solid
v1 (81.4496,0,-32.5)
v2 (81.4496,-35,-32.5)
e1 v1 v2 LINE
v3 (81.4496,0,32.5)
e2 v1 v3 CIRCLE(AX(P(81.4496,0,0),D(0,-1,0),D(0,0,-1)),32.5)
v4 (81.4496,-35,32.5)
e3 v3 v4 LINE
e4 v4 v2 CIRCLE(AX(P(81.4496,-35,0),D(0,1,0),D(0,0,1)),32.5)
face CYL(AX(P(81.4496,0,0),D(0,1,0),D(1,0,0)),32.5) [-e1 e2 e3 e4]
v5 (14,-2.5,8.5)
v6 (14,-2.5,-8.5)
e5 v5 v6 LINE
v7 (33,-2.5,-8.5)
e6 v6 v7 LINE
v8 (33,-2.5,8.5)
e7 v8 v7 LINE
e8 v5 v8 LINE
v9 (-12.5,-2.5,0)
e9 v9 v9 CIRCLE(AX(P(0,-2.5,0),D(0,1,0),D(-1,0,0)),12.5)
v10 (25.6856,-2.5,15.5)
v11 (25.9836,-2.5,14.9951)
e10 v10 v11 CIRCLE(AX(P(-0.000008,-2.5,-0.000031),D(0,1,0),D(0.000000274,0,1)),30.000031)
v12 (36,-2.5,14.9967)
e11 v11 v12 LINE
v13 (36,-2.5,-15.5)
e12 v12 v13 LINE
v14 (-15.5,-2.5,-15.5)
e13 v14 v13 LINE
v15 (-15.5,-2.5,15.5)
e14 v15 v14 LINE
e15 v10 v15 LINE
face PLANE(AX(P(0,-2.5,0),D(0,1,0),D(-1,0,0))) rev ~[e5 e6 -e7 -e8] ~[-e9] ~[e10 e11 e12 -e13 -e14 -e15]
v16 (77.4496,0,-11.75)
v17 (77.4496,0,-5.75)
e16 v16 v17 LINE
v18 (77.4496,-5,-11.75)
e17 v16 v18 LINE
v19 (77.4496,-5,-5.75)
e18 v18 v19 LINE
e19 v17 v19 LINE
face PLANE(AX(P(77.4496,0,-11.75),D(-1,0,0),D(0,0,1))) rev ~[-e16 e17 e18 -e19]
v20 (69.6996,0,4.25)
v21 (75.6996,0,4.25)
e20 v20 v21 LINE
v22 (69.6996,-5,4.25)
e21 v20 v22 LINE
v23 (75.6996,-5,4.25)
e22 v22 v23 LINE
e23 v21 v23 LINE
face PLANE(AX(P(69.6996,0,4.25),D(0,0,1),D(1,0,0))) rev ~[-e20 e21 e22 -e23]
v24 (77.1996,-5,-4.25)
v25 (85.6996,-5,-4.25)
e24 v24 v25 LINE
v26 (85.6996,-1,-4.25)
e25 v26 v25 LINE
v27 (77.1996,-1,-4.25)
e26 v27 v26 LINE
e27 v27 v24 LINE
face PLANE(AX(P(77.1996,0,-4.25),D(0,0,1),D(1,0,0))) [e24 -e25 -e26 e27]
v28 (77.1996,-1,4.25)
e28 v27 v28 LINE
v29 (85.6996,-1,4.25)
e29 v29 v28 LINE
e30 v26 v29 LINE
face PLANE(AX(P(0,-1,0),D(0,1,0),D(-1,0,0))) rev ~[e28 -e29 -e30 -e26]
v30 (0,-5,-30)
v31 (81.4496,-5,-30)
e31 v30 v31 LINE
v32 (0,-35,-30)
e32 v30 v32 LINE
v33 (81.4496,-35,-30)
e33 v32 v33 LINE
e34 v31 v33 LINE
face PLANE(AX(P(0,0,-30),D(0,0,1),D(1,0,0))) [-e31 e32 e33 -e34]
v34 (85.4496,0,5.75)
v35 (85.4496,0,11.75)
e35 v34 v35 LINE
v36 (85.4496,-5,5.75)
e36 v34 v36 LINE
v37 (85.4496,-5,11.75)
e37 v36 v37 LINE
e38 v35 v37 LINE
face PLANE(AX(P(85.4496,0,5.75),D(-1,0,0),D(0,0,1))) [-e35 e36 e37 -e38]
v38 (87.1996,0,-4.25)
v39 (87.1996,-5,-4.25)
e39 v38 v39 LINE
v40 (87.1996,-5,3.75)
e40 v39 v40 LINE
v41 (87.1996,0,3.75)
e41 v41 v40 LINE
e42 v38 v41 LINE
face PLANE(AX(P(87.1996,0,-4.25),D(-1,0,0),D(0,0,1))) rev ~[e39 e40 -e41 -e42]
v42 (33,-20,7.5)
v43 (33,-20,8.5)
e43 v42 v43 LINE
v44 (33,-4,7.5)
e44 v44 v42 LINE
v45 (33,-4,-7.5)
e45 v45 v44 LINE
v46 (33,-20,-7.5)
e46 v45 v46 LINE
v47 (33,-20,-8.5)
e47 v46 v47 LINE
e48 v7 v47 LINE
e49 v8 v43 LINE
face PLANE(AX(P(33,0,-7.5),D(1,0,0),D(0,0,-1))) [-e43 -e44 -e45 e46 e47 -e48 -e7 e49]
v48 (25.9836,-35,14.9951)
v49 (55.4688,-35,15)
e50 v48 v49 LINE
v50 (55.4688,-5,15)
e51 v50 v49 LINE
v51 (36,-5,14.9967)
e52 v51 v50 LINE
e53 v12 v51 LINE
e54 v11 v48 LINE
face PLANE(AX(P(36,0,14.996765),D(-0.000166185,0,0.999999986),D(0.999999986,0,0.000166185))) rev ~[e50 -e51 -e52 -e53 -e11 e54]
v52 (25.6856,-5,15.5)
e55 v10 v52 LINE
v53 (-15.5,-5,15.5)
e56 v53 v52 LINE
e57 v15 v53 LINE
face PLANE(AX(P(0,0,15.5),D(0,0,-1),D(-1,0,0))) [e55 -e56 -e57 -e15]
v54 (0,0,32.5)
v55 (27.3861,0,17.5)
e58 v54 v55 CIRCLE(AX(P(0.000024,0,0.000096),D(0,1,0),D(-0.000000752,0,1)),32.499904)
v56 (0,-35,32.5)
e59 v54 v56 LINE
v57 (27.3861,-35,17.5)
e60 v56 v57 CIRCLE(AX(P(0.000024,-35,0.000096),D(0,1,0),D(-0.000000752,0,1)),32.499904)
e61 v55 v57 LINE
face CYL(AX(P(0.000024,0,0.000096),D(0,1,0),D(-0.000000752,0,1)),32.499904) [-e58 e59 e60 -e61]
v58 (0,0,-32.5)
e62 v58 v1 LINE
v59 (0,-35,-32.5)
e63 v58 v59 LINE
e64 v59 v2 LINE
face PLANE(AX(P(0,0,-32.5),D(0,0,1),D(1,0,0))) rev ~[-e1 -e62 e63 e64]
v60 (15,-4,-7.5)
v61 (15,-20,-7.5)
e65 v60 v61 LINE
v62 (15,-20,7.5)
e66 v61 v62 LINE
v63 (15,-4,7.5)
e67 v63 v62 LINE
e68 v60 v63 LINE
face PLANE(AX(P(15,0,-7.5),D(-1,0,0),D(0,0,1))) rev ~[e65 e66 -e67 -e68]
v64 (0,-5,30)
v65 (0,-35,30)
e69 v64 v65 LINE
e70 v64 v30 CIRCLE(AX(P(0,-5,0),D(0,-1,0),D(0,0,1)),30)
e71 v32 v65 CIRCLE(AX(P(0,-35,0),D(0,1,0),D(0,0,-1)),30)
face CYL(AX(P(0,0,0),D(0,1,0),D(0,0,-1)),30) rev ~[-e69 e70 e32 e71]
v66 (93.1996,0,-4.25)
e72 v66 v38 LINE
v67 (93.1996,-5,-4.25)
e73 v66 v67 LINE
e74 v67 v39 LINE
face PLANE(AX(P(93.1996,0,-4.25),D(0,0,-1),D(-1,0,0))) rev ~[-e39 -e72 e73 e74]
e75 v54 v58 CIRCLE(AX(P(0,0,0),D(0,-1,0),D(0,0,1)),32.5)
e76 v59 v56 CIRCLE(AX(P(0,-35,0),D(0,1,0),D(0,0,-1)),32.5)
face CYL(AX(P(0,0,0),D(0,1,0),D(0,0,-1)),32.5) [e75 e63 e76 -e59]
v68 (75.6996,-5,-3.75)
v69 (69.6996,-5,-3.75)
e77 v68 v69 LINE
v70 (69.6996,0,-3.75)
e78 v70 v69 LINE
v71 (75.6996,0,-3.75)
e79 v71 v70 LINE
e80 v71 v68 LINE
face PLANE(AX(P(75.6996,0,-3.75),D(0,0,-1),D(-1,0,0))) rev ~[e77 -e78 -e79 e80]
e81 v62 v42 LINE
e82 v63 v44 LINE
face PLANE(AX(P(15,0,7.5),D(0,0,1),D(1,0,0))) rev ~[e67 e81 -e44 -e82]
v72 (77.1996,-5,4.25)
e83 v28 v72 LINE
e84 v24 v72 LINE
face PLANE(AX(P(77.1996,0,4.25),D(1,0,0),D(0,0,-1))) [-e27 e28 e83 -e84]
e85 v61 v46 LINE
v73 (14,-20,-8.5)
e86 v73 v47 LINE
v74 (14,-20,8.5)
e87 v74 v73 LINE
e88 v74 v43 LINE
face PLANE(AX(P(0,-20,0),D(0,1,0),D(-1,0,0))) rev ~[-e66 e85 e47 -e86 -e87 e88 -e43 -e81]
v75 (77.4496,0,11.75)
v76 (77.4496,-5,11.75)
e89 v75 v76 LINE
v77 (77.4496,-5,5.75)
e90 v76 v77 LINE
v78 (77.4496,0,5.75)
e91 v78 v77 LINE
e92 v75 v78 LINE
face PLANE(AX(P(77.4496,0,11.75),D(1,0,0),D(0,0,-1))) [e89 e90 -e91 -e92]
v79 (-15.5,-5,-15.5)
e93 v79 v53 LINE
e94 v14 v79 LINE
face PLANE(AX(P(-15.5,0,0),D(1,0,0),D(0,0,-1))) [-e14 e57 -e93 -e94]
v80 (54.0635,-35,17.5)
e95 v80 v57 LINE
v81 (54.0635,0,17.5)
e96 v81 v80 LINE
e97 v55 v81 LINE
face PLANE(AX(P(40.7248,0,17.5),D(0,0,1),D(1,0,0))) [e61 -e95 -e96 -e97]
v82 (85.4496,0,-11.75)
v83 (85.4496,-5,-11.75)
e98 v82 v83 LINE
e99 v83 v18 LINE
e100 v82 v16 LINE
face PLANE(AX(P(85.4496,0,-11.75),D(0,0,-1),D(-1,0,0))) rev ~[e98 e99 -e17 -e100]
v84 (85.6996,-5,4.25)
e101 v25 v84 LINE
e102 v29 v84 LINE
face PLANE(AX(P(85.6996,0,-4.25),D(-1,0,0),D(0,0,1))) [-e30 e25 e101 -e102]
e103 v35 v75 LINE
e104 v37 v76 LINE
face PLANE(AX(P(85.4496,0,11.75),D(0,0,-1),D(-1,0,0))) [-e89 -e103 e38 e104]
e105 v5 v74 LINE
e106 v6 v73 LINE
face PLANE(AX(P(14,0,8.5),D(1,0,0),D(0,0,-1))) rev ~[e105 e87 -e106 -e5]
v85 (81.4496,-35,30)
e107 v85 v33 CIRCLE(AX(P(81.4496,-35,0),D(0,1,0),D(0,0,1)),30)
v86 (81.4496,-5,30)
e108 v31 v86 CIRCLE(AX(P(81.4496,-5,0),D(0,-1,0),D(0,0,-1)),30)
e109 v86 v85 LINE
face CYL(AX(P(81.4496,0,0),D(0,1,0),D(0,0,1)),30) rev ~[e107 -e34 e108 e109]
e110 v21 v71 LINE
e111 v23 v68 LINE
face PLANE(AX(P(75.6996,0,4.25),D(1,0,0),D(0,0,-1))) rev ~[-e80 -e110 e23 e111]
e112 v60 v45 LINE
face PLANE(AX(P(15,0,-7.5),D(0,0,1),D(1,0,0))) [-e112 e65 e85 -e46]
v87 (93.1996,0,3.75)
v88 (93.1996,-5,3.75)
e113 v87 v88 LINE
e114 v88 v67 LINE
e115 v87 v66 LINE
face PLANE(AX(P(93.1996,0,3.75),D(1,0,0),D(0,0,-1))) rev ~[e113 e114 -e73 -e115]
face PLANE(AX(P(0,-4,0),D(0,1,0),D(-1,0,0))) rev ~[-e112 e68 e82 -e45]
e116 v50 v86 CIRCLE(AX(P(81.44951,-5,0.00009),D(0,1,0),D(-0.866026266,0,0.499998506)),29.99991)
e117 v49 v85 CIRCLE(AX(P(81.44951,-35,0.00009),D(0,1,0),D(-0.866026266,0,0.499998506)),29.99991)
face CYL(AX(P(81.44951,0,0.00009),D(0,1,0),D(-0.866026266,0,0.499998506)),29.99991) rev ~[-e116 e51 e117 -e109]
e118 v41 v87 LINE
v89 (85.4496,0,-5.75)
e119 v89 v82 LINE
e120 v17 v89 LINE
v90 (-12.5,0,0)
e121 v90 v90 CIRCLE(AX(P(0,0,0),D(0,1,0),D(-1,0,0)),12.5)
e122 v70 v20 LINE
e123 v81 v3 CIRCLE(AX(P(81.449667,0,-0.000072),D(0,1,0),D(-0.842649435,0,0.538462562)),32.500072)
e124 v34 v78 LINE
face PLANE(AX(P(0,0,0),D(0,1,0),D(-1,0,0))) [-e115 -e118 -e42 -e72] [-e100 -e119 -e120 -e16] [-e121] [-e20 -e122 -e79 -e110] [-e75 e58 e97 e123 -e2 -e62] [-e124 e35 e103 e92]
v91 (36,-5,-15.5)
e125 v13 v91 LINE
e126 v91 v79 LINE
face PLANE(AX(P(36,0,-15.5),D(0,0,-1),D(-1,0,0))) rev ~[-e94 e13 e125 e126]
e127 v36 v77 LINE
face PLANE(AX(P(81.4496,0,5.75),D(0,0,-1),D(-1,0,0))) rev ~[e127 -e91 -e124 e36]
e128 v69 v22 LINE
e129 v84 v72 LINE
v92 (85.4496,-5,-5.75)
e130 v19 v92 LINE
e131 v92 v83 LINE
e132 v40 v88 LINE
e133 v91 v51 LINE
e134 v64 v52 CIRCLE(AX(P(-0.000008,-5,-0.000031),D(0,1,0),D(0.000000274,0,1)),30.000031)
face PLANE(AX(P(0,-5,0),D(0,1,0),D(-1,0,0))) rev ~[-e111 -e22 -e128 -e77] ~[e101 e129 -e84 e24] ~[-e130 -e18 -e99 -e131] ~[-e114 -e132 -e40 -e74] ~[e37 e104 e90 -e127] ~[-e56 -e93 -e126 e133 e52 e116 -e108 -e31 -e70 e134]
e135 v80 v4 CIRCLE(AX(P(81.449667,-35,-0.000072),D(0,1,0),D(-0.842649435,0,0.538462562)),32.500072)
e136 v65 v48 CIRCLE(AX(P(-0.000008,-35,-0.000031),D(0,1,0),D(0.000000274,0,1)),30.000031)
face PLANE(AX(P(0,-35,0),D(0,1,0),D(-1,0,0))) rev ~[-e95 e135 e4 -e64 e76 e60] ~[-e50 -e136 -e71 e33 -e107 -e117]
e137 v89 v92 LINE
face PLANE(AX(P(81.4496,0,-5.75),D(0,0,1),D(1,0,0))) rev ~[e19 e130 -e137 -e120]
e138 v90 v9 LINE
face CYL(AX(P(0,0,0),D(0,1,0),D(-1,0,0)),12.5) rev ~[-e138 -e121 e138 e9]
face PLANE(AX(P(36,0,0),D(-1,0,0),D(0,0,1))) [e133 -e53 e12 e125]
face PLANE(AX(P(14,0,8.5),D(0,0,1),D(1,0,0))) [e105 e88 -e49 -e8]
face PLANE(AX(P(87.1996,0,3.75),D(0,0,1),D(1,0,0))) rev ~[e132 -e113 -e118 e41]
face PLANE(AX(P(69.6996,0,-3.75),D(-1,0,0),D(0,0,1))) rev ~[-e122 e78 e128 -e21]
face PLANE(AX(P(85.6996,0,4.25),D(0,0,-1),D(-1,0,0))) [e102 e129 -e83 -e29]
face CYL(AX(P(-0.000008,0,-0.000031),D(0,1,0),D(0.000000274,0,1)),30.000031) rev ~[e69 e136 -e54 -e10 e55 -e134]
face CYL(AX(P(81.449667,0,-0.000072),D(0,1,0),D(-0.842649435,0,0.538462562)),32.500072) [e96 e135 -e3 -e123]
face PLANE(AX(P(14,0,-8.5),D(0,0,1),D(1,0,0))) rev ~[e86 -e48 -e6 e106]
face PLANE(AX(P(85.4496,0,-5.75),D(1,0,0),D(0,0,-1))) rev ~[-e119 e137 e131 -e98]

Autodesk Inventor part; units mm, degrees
ref_plane "YZ Plane" through (0, 0, 0) normal (1, 0, 0) x (0, 1, 0)
ref_plane "XZ Plane" through (0, 0, 0) normal (0, 1, 0) x (-1, 0, 0)
ref_plane "XY Plane" through (0, 0, 0) normal (0, 0, 1) x (1, 0, 0)
sketch "Sketch1" plane through (0, 0, 0) normal (0, 1, 0) x (-1, 0, 0)
  circle A0 centre (0, 0) radius 30 construction
  circle A1 centre (0, 0) radius 32.5 construction
  line L0 (0, -30) -> (-81.4496, -30) construction
  circle A2 centre (-81.4496, 0) radius 30 construction
  circle A3 centre (-81.4496, 0) radius 32.5 construction
  line L1 (0, -32.5) -> (-81.4496, -32.5) construction
  line L2 (0, 32.5) -> (-81.4496, 32.5) construction
  line L3 (0, 30) -> (-81.4496, 30) construction
  line L4 (-40.7248, -32.5) -> (-40.7248, 32.5) construction
  line L5 (-40.7248, 30) -> (-40.7248, 14.2852) construction
  line L6 (-81.4496, -30) -> (-81.4496, 30) construction
  line L7 (-40.7248, 14.2852) -> (-40.7248, 16.7852) construction
  arc A4 (0, -30) -> (30, 0) centre (0, 0) ccw
  arc A5 (30, 0) -> (0, 30) centre (0, 0) ccw
  arc A6 (-111.4496, 0) -> (-81.4496, -30) centre (-81.4496, 0) ccw
  arc A7 (-81.4496, 30) -> (-111.4496, 0) centre (-81.4496, 0) ccw
  arc A8 (0, -32.5) -> (32.5, 0) centre (0, 0) ccw
  arc A9 (32.5, 0) -> (0, 32.5) centre (0, 0) ccw
  arc A10 (-81.4496, 32.5) -> (-113.9496, 0) centre (-81.4496, 0) ccw
  arc A11 (-113.9496, 0) -> (-81.4496, -32.5) centre (-81.4496, 0) ccw
  line L8 (0, -30) -> (-81.4496, -30)
  line L9 (0, -32.5) -> (-81.4496, -32.5)
  line L10 (-40.7248, -30) -> (-40.7248, 15) construction
  line L11 (-40.7248, 15) -> (-28.8314, 15) construction
  line L12 (-40.7248, 15) -> (-52.6182, 15) construction
  line L13 (-40.7248, 15) -> (-40.7248, 17.5) construction
  line L14 (-40.7248, 17.5) -> (-27.3861, 17.5)
  line L15 (-40.7248, 17.5) -> (-54.0635, 17.5)
  line L16 (-52.6182, 15) -> (-55.4688, 15) construction
  line L17 (-28.8314, 15) -> (-25.9836, 15) construction
  arc A12 (0, 30) -> (-25.9836, 14.9951) centre (0, 0) ccw
  arc A13 (-55.4688, 15) -> (-81.4496, 30) centre (-81.4496, 0) ccw
  line L18 (-25.9836, 14.9951) -> (-55.4688, 15)
  arc A14 (0, 32.5) -> (-27.3861, 17.5) centre (0, 0) ccw
  arc A15 (-54.0635, 17.5) -> (-81.4496, 32.5) centre (-81.4496, 0) ccw
  circle A16 centre (0, 0) radius 12.5
  line L19 (-81.4496, 0) -> (-81.4496, -4.25) construction
  line L20 (-81.4496, 0) -> (-81.4496, 4.25) construction
  line L21 (-81.4496, 0) -> (-77.1996, 0) construction
  line L22 (-81.4496, 0) -> (-85.6996, 0) construction
  line L23 (-77.1996, 0) -> (-77.1996, -4.25)
  line L24 (-77.1996, -4.25) -> (-85.6996, -4.25)
  line L25 (-85.6996, -4.25) -> (-85.6996, 4.25)
  line L26 (-85.6996, 4.25) -> (-77.1996, 4.25)
  line L27 (-77.1996, 4.25) -> (-77.1996, 0)
  line L28 (-81.4496, -4.25) -> (-81.4496, -5.75) construction
  line L29 (-85.6996, 0) -> (-87.1996, 0) construction
  line L30 (-81.4496, 4.25) -> (-81.4496, 5.75) construction
  line L31 (-77.1996, 0) -> (-75.6996, 0) construction
  line L32 (-77.1996, 4.25) -> (-75.6996, 4.25) construction
  line L33 (-75.6996, 4.25) -> (-75.6996, -3.75)
  line L34 (-75.6996, -3.75) -> (-69.6996, -3.75)
  line L35 (-69.6996, -3.75) -> (-69.6996, 4.25)
  line L36 (-69.6996, 4.25) -> (-75.6996, 4.25)
  line L37 (-87.1996, -4.25) -> (-87.1996, 3.75)
  line L38 (-87.1996, 3.75) -> (-93.1996, 3.75)
  line L39 (-93.1996, 3.75) -> (-93.1996, -4.25)
  line L40 (-93.1996, -4.25) -> (-87.1996, -4.25)
  line L41 (-81.4496, -5.75) -> (-77.4496, -5.75)
  line L42 (-81.4496, -5.75) -> (-85.4496, -5.75)
  line L43 (-85.4496, -5.75) -> (-85.4496, -11.75)
  line L44 (-85.4496, -11.75) -> (-77.4496, -11.75)
  line L45 (-77.4496, -11.75) -> (-77.4496, -5.75)
  line L46 (-81.4496, 5.75) -> (-77.4496, 5.75)
  line L47 (-81.4496, 5.75) -> (-85.4496, 5.75)
  line L48 (-85.4496, 5.75) -> (-85.4496, 11.75)
  line L49 (-85.4496, 11.75) -> (-77.4496, 11.75)
  line L50 (-77.4496, 11.75) -> (-77.4496, 5.75)
  line L51 (0, 0) -> (-16, 0) construction
  line L52 (0, 0) -> (-15, 0) construction
  line L53 (0, 0) -> (-14, 0) construction
  line L54 (0, 12.5) -> (-16, 12.5) construction
  line L55 (0, -12.5) -> (-16, -12.5) construction
  line L56 (-15, 0) -> (-15, 12.5) construction
  line L57 (-15, 0) -> (-15, -12.5) construction
  line L58 (-14, 0) -> (-14, -12.5) construction
  line L59 (-14, 0) -> (-14, 12.5) construction
  line L60 (-16, 12.5) -> (-16, 0) construction
  line L61 (-16, 0) -> (-16, -12.5) construction
  line L62 (-16, -12.5) -> (-16, -8.5) construction
  line L63 (-16, 12.5) -> (-16, 8.5) construction
  line L64 (-14, -12.5) -> (-14, -8.5) construction
  line L65 (-14, 12.5) -> (-14, 8.5) construction
  line L66 (-14, -8.5) -> (-33, -8.5)
  line L67 (-14, 8.5) -> (-14, -8.5)
  line L68 (-14, -12.5) -> (-14, -7.5) construction
  line L69 (-14, 12.5) -> (-14, 7.5) construction
  line L70 (-15, -7.5) -> (-15, 7.5)
  line L71 (-14, 8.5) -> (-33, 8.5)
  line L72 (-33, 7.5) -> (-33, 8.5)
  line L73 (-15, 7.5) -> (-33, 7.5)
  line L74 (-15, -7.5) -> (-33, -7.5)
  line L75 (-33, -7.5) -> (-33, -8.5)
  line L76 (-33, -7.5) -> (-33, 7.5)
  line L77 (0, -12.5) -> (0, -15.5) construction
  line L78 (0, 12.5) -> (0, 15.5) construction
  line L79 (12.5, 0) -> (15.5, 0) construction
  line L80 (15.5, 0) -> (15.5, -15.5)
  line L81 (15.5, -15.5) -> (0, -15.5)
  line L82 (0, 15.5) -> (15.5, 15.5)
  line L83 (15.5, 15.5) -> (15.5, 0)
  line L84 (-33, 0) -> (-36, 0) construction
  line L85 (-36, 0) -> (-36, -15.5)
  line L86 (-36, -15.5) -> (0, -15.5)
  line L87 (15.5, 15.5) -> (-25.6856, 15.5)
  line L88 (-36, 0) -> (-36, 14.9967)
  point P0 (-81.4496, -4.25)
  point P1 (-79.4496, 5.75)
  dimension "d0" = 60
  dimension "d1" = 65
  dimension "d2" = 81.4496
  dimension "d3" = 60
  dimension "d4" = 65
  dimension "d7" = 2.5
  dimension "d10" = 2.5
  dimension "d12" = 25
  dimension "d13" = 81.4496
  dimension "d14" = 2.5
  dimension "d15" = 4.25
  dimension "d16" = 4.25
  dimension "d17" = 4.25
  dimension "d18" = 4.25
  dimension "d21" = 1.5
  dimension "d23" = 8
  dimension "d24" = 6
  dimension "d25" = 50
  dimension "d26" = 45
  dimension "d27" = 25.75
  dimension "d28" = 25.75
  dimension "d29" = 8
  dimension "d30" = 6
  dimension "d32" = 4
  dimension "d33" = 4
  dimension "d34" = 6
  dimension "d35" = 4
  dimension "d36" = 4
  dimension "d37" = 6
  dimension "d38" = 1.5
  dimension "d40" = 1.5
  dimension "d41" = 1.5
  dimension "d42" = 1.5
  dimension "d43" = 8
  dimension "d44" = 16
  dimension "d45" = 15
  dimension "d46" = 14
  dimension "d49" = 4
  dimension "d50" = 4
  dimension "d51" = 19
  dimension "d53" = 5
  dimension "d54" = 5
  dimension "d55" = 19
  dimension "d56" = 18
  dimension "d57" = 18
  dimension "d58" = 15
  dimension "d59" = 3
  dimension "d60" = 3
  dimension "d61" = 3
  dimension "d62" = 3
extrude "Extrusion1" add sketch "Sketch1" against normal blind 35 contours L9 A11 A10 A15 L15 L14 A14 A9 A8
extrude "Extrusion2" add sketch "Sketch1" against normal blind 2.5 contours L87 L82 L83 L80 L81 L86 L85 L88 L18 A12
extrude "Extrusion3" add sketch "Sketch1" against normal blind 4 contours L76 L73 L70 L74
extrude "Extrusion4" add sketch "Sketch1" against normal blind 20 contours L66 L75 L74 L70 L73 L72 L71 L67
extrude "Extrusion5" add sketch "Sketch1" against normal blind 5 contours L8 A6 A7 A13 L18 L88 L85 L86 L81 L80 L83 L82 L87 A12 A5 A4
extrude "Extrusion6" add sketch "Sketch1" against normal blind 1 contours L23 L24 L25 L26 L27
properties part number "controller_v9_d1_3DPrint"
